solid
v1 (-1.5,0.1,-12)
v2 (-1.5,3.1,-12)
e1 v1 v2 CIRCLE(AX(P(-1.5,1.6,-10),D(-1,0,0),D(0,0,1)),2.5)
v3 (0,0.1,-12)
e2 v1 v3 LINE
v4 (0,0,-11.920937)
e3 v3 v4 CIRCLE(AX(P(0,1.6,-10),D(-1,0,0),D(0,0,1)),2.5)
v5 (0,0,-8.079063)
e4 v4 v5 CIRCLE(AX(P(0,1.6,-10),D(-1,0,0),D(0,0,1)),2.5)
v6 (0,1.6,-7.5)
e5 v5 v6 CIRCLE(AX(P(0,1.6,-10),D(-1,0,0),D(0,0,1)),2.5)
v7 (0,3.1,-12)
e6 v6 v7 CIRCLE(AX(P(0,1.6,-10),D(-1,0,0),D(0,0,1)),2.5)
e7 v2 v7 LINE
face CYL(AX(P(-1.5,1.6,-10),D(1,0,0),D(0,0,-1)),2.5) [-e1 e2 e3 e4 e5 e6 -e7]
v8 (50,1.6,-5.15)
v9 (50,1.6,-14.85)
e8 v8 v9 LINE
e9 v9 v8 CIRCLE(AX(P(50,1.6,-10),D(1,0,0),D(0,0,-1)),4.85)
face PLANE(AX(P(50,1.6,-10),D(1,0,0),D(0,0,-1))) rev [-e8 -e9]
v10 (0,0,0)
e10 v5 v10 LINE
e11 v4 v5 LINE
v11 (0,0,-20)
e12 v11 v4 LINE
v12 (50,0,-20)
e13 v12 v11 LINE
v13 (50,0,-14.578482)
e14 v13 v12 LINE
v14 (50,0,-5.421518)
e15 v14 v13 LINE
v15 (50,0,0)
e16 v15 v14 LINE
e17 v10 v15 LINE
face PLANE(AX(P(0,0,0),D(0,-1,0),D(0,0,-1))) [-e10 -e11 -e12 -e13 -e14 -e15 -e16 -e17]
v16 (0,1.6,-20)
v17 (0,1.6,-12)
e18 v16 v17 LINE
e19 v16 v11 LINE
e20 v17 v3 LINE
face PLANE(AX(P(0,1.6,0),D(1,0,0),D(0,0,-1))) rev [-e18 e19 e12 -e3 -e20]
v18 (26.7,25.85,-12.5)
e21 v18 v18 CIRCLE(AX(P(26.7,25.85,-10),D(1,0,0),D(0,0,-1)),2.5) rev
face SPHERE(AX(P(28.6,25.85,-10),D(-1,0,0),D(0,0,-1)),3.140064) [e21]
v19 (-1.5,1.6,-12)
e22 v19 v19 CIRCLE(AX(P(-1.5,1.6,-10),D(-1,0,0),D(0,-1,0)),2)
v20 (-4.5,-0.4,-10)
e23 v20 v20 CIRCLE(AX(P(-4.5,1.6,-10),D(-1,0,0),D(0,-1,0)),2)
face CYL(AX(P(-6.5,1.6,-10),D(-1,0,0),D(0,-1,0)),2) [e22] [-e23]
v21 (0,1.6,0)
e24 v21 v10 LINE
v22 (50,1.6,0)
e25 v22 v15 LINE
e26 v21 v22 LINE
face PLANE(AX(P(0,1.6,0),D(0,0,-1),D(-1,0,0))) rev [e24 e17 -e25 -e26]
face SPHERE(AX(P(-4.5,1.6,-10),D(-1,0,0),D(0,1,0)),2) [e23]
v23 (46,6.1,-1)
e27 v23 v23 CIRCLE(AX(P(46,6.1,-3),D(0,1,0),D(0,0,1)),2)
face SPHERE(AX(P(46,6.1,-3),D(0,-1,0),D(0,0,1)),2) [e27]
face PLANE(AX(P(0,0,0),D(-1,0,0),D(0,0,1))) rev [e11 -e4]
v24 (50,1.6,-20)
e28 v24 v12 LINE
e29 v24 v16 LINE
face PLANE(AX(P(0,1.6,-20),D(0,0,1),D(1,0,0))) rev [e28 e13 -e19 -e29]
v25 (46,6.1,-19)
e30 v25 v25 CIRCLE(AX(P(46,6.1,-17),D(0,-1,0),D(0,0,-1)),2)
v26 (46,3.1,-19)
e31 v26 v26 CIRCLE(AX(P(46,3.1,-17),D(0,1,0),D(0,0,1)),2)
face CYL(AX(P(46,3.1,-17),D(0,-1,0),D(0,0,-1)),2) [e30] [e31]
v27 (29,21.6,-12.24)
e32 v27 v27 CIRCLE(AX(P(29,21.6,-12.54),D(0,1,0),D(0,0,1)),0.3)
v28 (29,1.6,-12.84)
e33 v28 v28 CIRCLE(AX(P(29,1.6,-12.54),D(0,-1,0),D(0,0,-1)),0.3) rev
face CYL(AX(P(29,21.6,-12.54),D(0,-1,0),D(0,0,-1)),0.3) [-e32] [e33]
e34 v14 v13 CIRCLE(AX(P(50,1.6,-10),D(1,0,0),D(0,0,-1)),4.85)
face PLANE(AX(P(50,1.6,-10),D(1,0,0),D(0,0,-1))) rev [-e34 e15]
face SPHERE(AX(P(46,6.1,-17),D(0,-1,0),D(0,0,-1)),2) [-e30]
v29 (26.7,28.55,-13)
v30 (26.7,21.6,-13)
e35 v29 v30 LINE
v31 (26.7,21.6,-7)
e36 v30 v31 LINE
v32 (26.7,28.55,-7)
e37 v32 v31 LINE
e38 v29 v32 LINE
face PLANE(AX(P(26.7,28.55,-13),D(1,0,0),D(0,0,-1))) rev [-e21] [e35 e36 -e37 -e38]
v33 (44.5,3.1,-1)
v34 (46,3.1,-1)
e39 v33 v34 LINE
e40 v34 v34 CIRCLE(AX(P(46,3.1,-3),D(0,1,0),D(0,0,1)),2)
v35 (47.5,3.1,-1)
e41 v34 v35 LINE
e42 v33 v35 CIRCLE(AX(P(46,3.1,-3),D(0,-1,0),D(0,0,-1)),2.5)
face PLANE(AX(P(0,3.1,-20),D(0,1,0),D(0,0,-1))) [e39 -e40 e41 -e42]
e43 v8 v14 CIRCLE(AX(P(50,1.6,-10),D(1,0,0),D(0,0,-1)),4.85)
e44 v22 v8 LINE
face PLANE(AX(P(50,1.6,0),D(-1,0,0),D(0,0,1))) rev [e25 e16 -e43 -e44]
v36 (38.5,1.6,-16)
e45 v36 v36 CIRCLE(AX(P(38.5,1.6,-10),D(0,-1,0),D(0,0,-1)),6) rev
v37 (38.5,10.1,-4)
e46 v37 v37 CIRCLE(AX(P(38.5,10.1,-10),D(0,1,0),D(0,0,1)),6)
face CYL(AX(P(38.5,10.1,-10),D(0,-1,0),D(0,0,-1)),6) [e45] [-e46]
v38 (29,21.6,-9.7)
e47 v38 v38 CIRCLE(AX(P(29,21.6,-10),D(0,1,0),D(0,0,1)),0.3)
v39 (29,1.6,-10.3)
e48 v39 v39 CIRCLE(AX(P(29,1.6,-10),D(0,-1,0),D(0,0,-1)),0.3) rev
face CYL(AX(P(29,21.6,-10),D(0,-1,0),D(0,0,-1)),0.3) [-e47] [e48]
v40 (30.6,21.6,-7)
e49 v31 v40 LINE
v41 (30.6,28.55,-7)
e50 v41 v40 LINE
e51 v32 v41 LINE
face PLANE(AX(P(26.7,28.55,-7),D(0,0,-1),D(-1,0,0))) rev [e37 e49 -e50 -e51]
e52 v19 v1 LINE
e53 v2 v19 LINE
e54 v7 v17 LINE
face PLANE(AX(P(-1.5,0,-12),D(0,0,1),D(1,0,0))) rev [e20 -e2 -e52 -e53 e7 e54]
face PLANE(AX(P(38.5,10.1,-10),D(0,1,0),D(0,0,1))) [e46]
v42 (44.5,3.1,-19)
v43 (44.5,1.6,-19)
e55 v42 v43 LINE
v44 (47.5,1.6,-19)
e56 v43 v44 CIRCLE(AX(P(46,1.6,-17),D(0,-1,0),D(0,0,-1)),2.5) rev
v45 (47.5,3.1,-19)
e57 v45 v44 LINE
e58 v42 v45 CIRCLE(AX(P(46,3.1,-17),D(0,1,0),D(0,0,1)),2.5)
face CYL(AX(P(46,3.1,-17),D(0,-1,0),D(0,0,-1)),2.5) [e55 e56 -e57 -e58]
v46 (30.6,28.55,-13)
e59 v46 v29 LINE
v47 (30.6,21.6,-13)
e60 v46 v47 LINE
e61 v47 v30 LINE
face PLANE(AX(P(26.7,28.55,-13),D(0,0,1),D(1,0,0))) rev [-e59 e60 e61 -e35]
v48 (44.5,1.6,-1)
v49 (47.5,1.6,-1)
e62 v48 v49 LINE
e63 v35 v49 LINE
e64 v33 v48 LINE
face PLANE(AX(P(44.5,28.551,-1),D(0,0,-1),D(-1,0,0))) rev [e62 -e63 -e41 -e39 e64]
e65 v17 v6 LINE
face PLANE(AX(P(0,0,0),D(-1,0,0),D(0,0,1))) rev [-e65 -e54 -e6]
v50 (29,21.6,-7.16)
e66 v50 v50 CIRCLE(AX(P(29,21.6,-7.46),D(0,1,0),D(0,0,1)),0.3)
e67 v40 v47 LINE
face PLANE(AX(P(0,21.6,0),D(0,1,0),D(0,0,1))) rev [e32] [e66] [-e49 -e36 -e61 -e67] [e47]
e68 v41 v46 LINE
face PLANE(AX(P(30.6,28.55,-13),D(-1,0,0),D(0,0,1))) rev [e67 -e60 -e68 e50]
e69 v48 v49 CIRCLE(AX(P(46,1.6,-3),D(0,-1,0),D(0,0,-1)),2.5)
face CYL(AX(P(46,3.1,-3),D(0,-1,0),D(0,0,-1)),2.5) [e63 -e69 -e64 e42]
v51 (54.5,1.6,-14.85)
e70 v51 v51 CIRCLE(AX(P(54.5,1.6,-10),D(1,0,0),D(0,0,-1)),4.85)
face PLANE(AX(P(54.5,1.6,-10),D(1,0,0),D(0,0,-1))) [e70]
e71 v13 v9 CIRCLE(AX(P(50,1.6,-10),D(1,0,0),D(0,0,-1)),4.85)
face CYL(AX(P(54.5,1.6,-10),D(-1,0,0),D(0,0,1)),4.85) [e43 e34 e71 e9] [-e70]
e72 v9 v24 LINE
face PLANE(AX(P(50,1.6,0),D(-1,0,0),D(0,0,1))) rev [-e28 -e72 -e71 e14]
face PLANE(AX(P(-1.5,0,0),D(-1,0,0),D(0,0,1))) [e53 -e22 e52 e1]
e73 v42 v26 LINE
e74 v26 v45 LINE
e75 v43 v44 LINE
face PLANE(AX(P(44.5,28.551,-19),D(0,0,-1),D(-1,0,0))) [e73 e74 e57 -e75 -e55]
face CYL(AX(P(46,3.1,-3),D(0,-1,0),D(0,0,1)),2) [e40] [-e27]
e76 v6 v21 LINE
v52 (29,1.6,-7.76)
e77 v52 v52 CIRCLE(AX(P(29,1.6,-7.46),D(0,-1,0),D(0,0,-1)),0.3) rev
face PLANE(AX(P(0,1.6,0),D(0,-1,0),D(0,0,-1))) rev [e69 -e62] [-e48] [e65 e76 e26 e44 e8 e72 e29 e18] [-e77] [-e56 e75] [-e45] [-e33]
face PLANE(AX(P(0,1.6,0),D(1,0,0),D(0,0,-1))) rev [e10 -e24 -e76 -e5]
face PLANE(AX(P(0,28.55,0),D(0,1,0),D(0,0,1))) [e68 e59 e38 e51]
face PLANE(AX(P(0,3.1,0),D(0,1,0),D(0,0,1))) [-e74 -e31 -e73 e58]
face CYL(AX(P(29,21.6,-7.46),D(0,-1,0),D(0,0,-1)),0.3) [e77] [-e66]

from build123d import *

# Parameters (mm, degrees)
SKETCH1_W           = 50
SKETCH1_H           = 20
BOSS_EXTRUDE1_DEPTH = 1.6
SKETCH2_R           = 0.3
BOSS_EXTRUDE2_DEPTH = 20
SKETCH3_W           = 3.9
SKETCH3_H           = 6
BOSS_EXTRUDE3_DEPTH = 6.95
SKETCH6_R           = 6
BOSS_EXTRUDE4_DEPTH = 8.5
SKETCH7_R           = 4.85
BOSS_EXTRUDE5_DEPTH = 4.5
SKETCH8_R           = 2.5
BOSS_EXTRUDE6_DEPTH = 1.5
CUT_EXTRUDE1_REACH  = 66.004
BOSS_EXTRUDE7_DEPTH = 1.5


with BuildPart() as part:
    # Sketch1 → Boss-Extrude1 (new body)
    with BuildSketch(Plane(origin=(0, 0, 0), x_dir=(1, 0, 0), z_dir=(0, 1, 0))):
        with Locations((25, 10)):
            Rectangle(SKETCH1_W, SKETCH1_H)
    extrude(amount=BOSS_EXTRUDE1_DEPTH)

    # Sketch2 → Boss-Extrude2 (add)
    with BuildSketch(Plane(origin=(0, 1.6, 0), x_dir=(1, 0, 0), z_dir=(0, 1, 0))):
        with Locations(Location((29, 12.54, 0), (0, 0, 90))):
            Circle(SKETCH2_R)
        with Locations(Location((29, 10, 0), (0, 0, 90))):
            Circle(SKETCH2_R)
        with Locations(Location((29, 7.46, 0), (0, 0, 90))):
            Circle(SKETCH2_R)
    extrude(amount=BOSS_EXTRUDE2_DEPTH)

    # Sketch3 → Boss-Extrude3 (add)
    with BuildSketch(Plane(origin=(0, 21.6, 0), x_dir=(1, 0, 0), z_dir=(0, 1, 0))):
        with Locations((28.65, 10)):
            Rectangle(SKETCH3_W, SKETCH3_H)
    extrude(amount=BOSS_EXTRUDE3_DEPTH)

    # Sketch5 → Revolve1 (revolve)
    with BuildSketch(Plane(origin=(0, 25.85, 0), x_dir=(1, 0, 0), z_dir=(0, 1, 0))):
        with BuildLine():
            Line((26.7, 10), (26.7, 12.5))
            ThreePointArc((26.7, 12.5), (25.786983735, 11.395327736), (25.459936306, 10))
            Line((25.459936306, 10), (26.7, 10))
        make_face()
    revolve(axis=Axis((25.459936306, 25.85, -10), (1, 0, 0)))

    # Sketch6 → Boss-Extrude4 (add)
    with BuildSketch(Plane(origin=(0, 1.6, 0), x_dir=(1, 0, 0), z_dir=(0, 1, 0))):
        with Locations(Location((38.5, 10, 0), (0, 0, 90))):
            Circle(SKETCH6_R)
    extrude(amount=BOSS_EXTRUDE4_DEPTH)

    # Sketch7 → Boss-Extrude5 (add)
    with BuildSketch(Plane(origin=(50, 0, 0), x_dir=(0, 0, -1), z_dir=(1, 0, 0))):
        with Locations((10, 1.6)):
            Circle(SKETCH7_R)
    extrude(amount=BOSS_EXTRUDE5_DEPTH)

    # Sketch8 → Boss-Extrude6 (add)
    with BuildSketch(Plane(origin=(0, 1.6, 0), x_dir=(1, 0, 0), z_dir=(0, 1, 0))):
        with Locations(Location((46, 17, 0), (0, 0, 90))):
            Circle(SKETCH8_R)
    boss_extrude6 = extrude(amount=BOSS_EXTRUDE6_DEPTH)

    # Sketch10 → Revolve2 (revolve)
    with BuildSketch(Plane(origin=(46, 0, 0), x_dir=(0, 0, -1), z_dir=(1, 0, 0))):
        with BuildLine():
            Line((19, 3.1), (19, 6.1))
            ThreePointArc((19, 6.1), (18.414213562, 7.514213562), (17, 8.1))
            Line((17, 8.1), (17, 3.1))
            Line((17, 3.1), (19, 3.1))
        make_face()
    revolve2 = revolve(axis=Axis((46, 3.1, -17), (0, 1, 0)))

    # Sketch11 → Cut-Extrude1 (cut, up to next)
    with BuildSketch(Plane(origin=(0, 1.6, 0), x_dir=(1, 0, 0), z_dir=(0, 1, 0)), mode=Mode.PRIVATE) as cut_extrude1_sk1:
        with BuildLine():
            Line((44.5, 19), (47.5, 19))
            ThreePointArc((47.5, 19), (46, 19.5), (44.5, 19))
        make_face()
    cut_extrude1_tool1 = extrude(cut_extrude1_sk1.sketch, amount=CUT_EXTRUDE1_REACH, mode=Mode.PRIVATE) & part.part
    cut_extrude1 = cut_extrude1_tool1.solids().sort_by_distance((46, 1.6, -19.20182))[0]
    add(cut_extrude1, mode=Mode.SUBTRACT)

    # Mirror1: Boss-Extrude6, Revolve2, Cut-Extrude1 across plane
    add(boss_extrude6.mirror(Plane.XY.offset(-10)))
    add(revolve2.mirror(Plane.XY.offset(-10)))
    add(cut_extrude1.mirror(Plane.XY.offset(-10)), mode=Mode.SUBTRACT)

    # Sketch12 → Boss-Extrude7 (add)
    with BuildSketch(Plane.ZY):
        with BuildLine():
            ThreePointArc((-7.5, 1.6), (-9.209430585, 3.971708245), (-12, 3.1))
            Line((-12, 3.1), (-12, 0.1))
            ThreePointArc((-12, 0.1), (-9.209430585, -0.771708245), (-7.5, 1.6))
        make_face()
    extrude(amount=BOSS_EXTRUDE7_DEPTH)

    # Sketch14 → Revolve3 (revolve)
    with BuildSketch(Plane.XY.offset(-10), mode=Mode.PRIVATE) as revolve3_sk:
        with BuildLine():
            Line((-1.5, 3.6), (-4.5, 3.6))
            ThreePointArc((-4.5, 3.6), (-5.914213562, 3.014213562), (-6.5, 1.6))
            Line((-6.5, 1.6), (-1.5, 1.6))
            Line((-1.5, 1.6), (-1.5, 3.6))
        make_face()
    revolve(revolve3_sk.sketch.rotate(Axis((-6.5, 1.6, -10), (1, 0, 0)), 180), axis=Axis((-6.5, 1.6, -10), (1, 0, 0)))


solid = part.part
